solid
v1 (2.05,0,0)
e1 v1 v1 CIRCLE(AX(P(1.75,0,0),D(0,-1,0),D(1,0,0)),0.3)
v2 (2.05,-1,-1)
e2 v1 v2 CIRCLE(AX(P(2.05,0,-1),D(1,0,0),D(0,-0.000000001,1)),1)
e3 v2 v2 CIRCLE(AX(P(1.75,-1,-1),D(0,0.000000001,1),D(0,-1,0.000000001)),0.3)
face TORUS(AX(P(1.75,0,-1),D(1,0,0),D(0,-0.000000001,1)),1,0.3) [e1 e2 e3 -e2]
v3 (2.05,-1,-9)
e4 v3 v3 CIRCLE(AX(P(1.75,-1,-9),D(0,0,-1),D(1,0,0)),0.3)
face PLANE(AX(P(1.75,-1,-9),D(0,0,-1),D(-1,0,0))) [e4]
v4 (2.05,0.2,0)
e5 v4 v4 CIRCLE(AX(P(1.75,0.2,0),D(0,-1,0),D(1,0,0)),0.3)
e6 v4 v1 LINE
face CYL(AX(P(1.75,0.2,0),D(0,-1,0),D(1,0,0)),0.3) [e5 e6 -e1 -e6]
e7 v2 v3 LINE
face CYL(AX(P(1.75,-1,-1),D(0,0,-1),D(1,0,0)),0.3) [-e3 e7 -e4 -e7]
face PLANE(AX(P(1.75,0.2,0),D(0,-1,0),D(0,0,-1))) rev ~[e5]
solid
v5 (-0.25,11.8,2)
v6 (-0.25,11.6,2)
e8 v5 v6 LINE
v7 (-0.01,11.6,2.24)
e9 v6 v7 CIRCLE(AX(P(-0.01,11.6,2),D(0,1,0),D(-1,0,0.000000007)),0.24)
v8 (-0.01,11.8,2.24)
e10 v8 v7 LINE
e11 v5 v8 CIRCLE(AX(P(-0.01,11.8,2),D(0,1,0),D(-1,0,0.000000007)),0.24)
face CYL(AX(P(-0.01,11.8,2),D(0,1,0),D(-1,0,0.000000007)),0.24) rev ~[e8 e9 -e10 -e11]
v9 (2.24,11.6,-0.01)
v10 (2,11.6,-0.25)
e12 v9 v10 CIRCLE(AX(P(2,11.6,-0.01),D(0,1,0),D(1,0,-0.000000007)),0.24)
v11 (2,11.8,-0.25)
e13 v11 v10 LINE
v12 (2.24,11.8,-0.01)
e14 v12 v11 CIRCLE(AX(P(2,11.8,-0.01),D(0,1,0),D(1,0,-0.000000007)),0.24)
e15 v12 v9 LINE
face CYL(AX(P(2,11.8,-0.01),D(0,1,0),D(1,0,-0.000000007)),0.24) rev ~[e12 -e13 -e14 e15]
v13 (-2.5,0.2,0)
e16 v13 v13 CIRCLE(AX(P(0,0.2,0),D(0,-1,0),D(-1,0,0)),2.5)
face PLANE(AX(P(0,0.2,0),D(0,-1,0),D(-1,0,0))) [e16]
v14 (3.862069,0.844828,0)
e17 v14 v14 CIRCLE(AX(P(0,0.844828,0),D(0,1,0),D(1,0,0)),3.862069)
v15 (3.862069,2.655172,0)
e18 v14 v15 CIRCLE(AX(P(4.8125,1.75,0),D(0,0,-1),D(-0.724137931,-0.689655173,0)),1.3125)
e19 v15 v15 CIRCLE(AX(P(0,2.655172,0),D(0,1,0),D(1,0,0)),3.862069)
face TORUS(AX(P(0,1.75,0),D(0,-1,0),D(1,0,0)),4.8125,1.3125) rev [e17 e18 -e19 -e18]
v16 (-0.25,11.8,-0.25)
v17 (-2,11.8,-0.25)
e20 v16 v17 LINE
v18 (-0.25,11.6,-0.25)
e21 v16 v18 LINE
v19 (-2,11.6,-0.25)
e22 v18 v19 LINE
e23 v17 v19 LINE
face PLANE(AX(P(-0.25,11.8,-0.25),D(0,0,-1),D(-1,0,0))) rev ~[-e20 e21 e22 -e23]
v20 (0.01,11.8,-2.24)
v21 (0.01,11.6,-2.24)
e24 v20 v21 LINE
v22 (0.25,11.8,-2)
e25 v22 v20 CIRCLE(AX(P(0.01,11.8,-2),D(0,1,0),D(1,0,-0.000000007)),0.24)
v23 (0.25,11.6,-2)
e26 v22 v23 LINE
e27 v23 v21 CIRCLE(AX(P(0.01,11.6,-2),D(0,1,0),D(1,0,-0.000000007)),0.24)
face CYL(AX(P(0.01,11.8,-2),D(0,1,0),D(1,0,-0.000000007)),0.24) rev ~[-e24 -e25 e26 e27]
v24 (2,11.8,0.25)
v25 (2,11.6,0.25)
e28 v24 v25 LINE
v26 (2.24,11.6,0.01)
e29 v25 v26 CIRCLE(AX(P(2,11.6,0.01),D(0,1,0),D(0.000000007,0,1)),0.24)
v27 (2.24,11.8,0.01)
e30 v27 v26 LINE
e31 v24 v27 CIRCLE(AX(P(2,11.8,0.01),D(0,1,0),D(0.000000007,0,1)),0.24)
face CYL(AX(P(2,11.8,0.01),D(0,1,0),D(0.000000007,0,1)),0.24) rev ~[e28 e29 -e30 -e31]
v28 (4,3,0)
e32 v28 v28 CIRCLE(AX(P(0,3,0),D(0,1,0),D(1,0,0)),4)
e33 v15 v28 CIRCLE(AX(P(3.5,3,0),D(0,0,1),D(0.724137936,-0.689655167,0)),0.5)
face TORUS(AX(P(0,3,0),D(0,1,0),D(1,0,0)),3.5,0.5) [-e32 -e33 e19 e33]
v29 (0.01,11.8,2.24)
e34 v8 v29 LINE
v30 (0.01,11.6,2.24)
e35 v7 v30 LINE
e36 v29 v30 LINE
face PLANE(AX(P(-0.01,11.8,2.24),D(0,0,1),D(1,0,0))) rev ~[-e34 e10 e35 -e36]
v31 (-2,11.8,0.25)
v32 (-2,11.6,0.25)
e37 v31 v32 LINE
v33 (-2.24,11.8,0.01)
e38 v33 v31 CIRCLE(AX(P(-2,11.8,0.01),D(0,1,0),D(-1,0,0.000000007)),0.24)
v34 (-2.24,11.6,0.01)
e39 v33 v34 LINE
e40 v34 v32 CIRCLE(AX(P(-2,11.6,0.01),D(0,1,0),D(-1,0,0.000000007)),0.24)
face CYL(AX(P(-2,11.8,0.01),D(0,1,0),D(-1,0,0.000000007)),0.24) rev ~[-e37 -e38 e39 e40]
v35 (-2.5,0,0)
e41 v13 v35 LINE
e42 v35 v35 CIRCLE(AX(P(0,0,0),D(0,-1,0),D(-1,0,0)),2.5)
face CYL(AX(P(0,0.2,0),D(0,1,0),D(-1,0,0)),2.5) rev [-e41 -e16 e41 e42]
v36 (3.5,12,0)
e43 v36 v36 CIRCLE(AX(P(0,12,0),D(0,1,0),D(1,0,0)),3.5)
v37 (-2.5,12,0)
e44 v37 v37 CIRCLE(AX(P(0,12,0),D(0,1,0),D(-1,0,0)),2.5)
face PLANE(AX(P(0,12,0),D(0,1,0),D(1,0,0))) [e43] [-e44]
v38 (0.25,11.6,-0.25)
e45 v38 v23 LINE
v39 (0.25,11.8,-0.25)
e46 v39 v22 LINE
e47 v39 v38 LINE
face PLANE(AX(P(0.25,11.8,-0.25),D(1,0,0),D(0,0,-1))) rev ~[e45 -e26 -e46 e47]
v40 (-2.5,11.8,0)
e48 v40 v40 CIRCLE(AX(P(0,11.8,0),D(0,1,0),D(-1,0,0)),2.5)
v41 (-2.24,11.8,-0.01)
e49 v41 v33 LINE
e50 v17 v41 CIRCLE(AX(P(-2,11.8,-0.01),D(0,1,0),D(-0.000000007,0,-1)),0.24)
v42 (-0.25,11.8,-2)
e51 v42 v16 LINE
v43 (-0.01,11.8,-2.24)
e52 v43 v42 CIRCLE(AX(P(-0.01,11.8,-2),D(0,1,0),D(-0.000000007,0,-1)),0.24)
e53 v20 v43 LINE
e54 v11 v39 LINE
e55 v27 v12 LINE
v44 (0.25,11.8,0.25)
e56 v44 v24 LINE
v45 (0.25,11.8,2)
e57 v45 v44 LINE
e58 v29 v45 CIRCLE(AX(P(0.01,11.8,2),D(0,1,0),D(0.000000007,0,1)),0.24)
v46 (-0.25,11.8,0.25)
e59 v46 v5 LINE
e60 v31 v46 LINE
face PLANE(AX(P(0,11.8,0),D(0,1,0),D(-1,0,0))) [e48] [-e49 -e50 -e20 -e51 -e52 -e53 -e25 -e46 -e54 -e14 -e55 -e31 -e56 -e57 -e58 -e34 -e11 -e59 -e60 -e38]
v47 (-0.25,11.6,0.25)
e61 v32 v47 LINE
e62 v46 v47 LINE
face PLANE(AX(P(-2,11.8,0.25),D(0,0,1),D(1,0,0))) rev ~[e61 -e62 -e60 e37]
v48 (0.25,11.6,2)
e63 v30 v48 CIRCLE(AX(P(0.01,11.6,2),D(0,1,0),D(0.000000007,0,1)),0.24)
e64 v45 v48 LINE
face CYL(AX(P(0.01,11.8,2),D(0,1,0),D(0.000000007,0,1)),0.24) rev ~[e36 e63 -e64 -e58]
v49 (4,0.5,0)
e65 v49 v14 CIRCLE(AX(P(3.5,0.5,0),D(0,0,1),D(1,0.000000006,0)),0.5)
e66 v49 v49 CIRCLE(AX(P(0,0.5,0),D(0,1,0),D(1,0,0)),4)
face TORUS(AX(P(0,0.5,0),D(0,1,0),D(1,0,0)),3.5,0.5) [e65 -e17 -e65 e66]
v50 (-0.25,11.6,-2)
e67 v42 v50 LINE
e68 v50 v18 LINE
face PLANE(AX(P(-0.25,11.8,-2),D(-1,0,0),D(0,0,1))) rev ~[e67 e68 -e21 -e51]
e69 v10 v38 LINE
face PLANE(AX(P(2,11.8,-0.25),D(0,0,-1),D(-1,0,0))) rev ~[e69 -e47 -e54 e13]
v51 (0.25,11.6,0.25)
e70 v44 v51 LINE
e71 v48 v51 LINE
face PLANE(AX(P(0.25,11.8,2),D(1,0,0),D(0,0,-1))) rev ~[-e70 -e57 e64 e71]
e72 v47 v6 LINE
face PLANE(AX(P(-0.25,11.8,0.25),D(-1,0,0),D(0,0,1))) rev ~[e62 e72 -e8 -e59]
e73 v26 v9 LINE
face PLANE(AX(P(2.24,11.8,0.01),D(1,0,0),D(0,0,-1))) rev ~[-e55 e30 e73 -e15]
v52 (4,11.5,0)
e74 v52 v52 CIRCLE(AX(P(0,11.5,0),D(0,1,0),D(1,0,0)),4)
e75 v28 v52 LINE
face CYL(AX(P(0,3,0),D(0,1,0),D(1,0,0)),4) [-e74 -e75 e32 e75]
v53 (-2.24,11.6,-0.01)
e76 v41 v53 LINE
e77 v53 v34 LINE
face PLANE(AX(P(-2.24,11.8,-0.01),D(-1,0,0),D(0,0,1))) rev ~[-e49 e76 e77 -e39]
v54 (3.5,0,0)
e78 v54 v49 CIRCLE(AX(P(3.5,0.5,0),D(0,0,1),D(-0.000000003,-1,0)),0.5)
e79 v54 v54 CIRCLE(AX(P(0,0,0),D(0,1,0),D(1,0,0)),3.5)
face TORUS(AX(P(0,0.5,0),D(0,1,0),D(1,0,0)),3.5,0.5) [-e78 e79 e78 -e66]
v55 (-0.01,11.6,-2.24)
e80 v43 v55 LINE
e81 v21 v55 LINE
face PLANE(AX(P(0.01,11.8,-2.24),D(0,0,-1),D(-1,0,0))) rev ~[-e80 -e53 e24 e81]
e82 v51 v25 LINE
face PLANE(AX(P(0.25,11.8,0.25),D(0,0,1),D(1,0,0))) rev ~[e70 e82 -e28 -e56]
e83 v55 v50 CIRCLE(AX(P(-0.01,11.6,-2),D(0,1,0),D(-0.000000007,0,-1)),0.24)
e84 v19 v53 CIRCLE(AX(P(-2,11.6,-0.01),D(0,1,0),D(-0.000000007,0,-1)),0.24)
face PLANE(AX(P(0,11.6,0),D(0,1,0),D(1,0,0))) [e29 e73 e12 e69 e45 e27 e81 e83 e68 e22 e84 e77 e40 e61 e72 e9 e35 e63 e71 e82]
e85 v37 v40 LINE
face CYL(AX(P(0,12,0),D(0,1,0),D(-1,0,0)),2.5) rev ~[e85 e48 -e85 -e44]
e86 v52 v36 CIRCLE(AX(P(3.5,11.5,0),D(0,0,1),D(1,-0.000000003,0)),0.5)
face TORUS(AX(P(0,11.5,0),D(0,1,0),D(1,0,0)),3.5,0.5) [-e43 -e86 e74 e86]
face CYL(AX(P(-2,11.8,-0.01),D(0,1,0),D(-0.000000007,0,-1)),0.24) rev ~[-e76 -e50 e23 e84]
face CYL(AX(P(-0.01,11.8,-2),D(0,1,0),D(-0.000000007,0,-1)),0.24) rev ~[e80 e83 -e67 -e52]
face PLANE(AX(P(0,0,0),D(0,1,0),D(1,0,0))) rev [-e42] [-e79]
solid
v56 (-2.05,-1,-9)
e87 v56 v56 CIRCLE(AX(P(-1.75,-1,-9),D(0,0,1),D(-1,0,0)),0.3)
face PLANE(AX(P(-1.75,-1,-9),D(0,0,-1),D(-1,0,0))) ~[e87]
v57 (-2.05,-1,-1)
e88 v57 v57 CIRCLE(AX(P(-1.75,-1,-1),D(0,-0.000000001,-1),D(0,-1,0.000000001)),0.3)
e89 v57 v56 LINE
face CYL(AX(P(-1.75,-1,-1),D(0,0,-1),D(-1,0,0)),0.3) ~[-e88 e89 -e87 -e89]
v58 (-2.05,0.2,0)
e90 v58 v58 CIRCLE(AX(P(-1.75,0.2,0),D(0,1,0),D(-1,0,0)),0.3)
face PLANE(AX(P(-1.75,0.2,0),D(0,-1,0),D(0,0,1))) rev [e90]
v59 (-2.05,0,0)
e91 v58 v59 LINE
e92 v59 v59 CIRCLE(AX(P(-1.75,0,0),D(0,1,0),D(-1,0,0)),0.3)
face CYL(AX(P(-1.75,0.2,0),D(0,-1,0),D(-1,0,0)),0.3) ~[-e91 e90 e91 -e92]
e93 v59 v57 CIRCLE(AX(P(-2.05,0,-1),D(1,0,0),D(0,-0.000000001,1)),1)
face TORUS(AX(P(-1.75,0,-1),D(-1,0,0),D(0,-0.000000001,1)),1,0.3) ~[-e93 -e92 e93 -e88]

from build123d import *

# Parameters (mm, degrees)
SKETCH_3_R          = 2.5
CUT_EXTRUDE_1_DEPTH = 0.2
CUT_EXTRUDE_2_DEPTH = 0.2
CUT_EXTRUDE_START   = -0.2
SKETCH_5_R          = 2.5
CUT_EXTRUDE_3_DEPTH = 0.2
SKETCH_11_R         = 0.3


with BuildPart() as part:
    # Эскиз2 → Повернуть1 (revolve)
    with BuildSketch(Plane.XY):
        with BuildLine():
            Line((0, 0), (3.5, 0))
            ThreePointArc((3.5, 0), (3.853553391, 0.146446609), (4, 0.5))
            ThreePointArc((4, 0.5), (3.964238345, 0.685695338), (3.862068966, 0.844827586))
            ThreePointArc((3.862068966, 0.844827586), (3.5, 1.75), (3.862068966, 2.655172414))
            ThreePointArc((3.862068966, 2.655172414), (3.964238345, 2.814304662), (4, 3))
            Line((4, 3), (4, 11.5))
            ThreePointArc((4, 11.5), (3.853553391, 11.853553391), (3.5, 12))
            Line((3.5, 12), (0, 12))
            Line((0, 12), (0, 0))
        make_face()
    revolve(axis=Axis((0, 0, 0), (0, 1, 0)))

    # Эскиз3 → Вырез-Вытянуть1 (cut)
    with BuildSketch(Plane(origin=(0, 12, 0), x_dir=(1, 0, 0), z_dir=(0, 1, 0))):
        with Locations(Location((0, 0, 0), (0, 0, 180))):
            Circle(SKETCH_3_R)
    extrude(amount=-CUT_EXTRUDE_1_DEPTH, mode=Mode.SUBTRACT)

    # Эскиз4 → Вырез-Вытянуть2 (cut)
    with BuildSketch(Plane(origin=(0, 11.8, 0), x_dir=(1, 0, 0), z_dir=(0, 1, 0))):
        with BuildLine():
            Line((-0.25, -0.25), (-0.25, -2))
            ThreePointArc((-0.25, -2), (-0.179705627, -2.169705627), (-0.01, -2.24))
            Line((-0.01, -2.24), (0.01, -2.24))
            ThreePointArc((0.01, -2.24), (0.179705627, -2.169705627), (0.25, -2))
            Line((0.25, -2), (0.25, -0.25))
            Line((0.25, -0.25), (2, -0.25))
            ThreePointArc((2, -0.25), (2.169705627, -0.179705627), (2.24, -0.01))
            Line((2.24, -0.01), (2.24, 0.01))
            ThreePointArc((2.24, 0.01), (2.169705627, 0.179705627), (2, 0.25))
            Line((2, 0.25), (0.25, 0.25))
            Line((0.25, 0.25), (0.25, 2))
            ThreePointArc((0.25, 2), (0.179705627, 2.169705627), (0.01, 2.24))
            Line((0.01, 2.24), (-0.01, 2.24))
            ThreePointArc((-0.01, 2.24), (-0.179705627, 2.169705627), (-0.25, 2))
            Line((-0.25, 2), (-0.25, 0.25))
            Line((-0.25, 0.25), (-2, 0.25))
            ThreePointArc((-2, 0.25), (-2.169705627, 0.179705627), (-2.24, 0.01))
            Line((-2.24, 0.01), (-2.24, -0.01))
            ThreePointArc((-2.24, -0.01), (-2.169705627, -0.179705627), (-2, -0.25))
            Line((-2, -0.25), (-0.25, -0.25))
        make_face()
    extrude(amount=-CUT_EXTRUDE_2_DEPTH, mode=Mode.SUBTRACT)

    # Эскиз5 → Вырез-Вытянуть3 (cut)
    with BuildSketch(Plane.XZ.offset(CUT_EXTRUDE_START)):
        with Locations(Location((0, 0, 0), (0, 0, 180))):
            Circle(SKETCH_5_R)
    extrude(amount=CUT_EXTRUDE_3_DEPTH, mode=Mode.SUBTRACT)


with BuildPart() as body_2:
    # По траектории1: sweep along a path in Эскиз10
    with BuildLine(Plane(origin=(1.75, 0, 0), x_dir=(0, 0, -1), z_dir=(1, 0, 0))) as sweep_1_path:
        Line((0, 0.2), (0, 0))
        ThreePointArc((0, 0), (0.292893219, -0.707106781), (1, -1))
        Line((1, -1), (9, -1))
    # Эскиз11 → По траектории1 (sweep)
    with BuildSketch(Plane.XZ.offset(-0.2)):
        with Locations((1.75, 0)):
            Circle(SKETCH_11_R)
    sweep(path=sweep_1_path.line)


with BuildPart() as body_3:
    # Зеркальное отражение1: mirrored copy
    add(body_2.part.mirror(Plane(origin=(0, 0, 0), x_dir=(0, 0, 1), z_dir=(1, 0, 0))))


solid = Compound([part.part, body_2.part, body_3.part])
